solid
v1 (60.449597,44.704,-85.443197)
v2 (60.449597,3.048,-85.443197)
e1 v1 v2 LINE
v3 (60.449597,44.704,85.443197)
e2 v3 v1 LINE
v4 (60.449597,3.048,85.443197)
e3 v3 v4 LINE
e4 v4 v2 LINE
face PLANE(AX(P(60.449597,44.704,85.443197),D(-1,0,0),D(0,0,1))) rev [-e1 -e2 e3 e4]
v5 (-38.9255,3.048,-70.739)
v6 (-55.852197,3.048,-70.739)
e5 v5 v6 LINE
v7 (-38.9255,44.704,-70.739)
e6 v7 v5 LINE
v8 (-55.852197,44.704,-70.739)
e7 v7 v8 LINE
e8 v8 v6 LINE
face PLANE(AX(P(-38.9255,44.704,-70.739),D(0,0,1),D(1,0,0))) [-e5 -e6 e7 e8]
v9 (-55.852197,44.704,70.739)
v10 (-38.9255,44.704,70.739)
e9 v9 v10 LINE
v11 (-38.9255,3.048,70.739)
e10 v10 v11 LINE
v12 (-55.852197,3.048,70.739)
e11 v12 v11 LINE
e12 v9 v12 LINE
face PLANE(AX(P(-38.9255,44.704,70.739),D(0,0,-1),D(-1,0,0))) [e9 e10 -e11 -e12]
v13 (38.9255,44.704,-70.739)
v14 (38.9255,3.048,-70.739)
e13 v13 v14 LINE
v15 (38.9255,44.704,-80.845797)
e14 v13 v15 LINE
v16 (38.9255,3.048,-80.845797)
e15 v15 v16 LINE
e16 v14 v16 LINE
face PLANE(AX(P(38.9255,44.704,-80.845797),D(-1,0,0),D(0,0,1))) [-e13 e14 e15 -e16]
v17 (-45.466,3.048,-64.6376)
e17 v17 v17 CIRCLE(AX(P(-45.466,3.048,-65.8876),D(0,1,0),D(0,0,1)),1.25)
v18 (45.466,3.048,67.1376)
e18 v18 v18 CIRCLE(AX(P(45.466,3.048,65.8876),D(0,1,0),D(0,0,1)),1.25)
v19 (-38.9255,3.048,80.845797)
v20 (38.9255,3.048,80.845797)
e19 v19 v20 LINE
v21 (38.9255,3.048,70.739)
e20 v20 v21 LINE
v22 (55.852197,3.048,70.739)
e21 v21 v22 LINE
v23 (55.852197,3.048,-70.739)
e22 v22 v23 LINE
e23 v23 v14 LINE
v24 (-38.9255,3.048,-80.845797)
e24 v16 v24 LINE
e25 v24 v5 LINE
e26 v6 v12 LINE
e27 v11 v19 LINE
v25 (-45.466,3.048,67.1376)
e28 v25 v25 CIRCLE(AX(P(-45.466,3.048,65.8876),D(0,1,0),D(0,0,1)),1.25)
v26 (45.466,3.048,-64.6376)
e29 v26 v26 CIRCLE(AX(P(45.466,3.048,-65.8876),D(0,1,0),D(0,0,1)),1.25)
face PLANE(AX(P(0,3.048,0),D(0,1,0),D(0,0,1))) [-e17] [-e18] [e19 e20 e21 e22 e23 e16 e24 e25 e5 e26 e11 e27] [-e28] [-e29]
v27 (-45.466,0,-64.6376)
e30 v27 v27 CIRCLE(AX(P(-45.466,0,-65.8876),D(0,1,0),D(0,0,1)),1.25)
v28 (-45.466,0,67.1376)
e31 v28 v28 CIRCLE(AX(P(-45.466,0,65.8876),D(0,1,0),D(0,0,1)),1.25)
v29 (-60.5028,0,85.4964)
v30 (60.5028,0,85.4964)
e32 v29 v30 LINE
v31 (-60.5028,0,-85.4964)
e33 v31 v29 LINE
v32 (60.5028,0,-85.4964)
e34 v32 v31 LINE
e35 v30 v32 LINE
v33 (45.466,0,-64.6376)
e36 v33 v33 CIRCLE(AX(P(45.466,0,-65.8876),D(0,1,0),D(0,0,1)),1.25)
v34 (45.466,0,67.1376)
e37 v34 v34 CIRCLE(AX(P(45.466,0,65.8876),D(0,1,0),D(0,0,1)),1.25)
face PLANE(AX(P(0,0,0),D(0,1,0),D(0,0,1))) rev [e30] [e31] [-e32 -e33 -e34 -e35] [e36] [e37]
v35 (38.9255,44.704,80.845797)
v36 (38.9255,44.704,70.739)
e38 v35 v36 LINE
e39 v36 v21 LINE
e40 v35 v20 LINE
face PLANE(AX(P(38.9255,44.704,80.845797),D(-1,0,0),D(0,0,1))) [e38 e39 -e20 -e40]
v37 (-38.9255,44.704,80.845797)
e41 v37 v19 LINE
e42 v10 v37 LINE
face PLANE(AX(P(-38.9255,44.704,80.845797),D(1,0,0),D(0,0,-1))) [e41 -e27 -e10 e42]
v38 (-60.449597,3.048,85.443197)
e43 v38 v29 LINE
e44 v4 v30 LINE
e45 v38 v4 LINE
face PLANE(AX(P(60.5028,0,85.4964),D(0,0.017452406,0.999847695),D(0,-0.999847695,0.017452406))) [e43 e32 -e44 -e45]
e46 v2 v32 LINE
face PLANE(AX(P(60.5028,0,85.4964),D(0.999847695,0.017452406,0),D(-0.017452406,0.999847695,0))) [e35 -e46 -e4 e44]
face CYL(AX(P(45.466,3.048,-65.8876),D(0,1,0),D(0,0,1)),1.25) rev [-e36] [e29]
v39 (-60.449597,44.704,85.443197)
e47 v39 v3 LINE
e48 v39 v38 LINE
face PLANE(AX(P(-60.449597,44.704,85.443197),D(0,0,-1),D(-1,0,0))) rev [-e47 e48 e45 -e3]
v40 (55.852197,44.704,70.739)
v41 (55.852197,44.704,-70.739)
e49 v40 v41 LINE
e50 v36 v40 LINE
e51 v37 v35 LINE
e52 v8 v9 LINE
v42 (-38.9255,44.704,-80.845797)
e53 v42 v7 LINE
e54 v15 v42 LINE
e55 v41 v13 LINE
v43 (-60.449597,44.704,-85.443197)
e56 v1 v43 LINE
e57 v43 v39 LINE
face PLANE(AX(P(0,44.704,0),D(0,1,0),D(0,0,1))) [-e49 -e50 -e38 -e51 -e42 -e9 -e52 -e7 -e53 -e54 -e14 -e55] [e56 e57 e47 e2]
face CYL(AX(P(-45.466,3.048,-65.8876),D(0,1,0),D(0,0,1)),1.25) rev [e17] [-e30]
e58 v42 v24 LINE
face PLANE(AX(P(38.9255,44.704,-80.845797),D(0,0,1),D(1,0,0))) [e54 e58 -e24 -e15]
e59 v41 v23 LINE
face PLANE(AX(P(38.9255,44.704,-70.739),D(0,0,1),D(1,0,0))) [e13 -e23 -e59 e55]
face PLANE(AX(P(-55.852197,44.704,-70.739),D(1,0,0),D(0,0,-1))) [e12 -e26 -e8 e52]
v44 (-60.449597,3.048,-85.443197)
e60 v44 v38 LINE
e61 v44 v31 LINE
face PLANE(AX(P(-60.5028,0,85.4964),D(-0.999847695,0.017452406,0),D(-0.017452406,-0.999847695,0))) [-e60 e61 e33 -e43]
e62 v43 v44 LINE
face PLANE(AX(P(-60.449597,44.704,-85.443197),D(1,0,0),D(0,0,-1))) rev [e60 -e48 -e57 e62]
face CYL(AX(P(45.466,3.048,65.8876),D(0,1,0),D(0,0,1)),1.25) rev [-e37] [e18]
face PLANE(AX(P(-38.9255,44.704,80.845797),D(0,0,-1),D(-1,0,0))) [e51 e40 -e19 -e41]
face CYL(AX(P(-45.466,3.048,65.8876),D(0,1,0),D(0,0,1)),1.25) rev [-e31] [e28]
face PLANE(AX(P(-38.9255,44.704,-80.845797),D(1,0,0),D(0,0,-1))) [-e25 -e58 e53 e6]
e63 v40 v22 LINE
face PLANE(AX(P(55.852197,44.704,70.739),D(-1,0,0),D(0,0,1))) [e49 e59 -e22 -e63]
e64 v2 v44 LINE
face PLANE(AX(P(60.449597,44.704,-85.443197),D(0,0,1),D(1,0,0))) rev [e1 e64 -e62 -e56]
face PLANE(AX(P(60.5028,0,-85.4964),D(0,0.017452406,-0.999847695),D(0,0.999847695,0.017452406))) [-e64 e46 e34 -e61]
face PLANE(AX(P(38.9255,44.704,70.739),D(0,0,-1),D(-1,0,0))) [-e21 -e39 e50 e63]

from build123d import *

# Parameters (mm, degrees)
SKETCH1_W             = 121.0056
SKETCH1_H             = 170.9928
BOSS_EXTRUDE1_DEPTH   = 3.048
BOSS_EXTRUDE1_TAPER   = 1
SKETCH2_W             = 120.899193924
SKETCH2_H             = 170.886393924
BOSS_EXTRUDE2_DEPTH   = 41.656
M3_TAPPED_HOLE1_D     = 2.5
M3_TAPPED_HOLE1_DEPTH = 4.7752
M3_TAPPED_HOLE1_TIP   = 0.751075774


with BuildPart() as part:
    # Sketch1 → Boss-Extrude1 (new body)
    with BuildSketch(Plane(origin=(0, 0, 0), x_dir=(1, 0, 0), z_dir=(0, 1, 0))):
        Rectangle(SKETCH1_W, SKETCH1_H)
    extrude(amount=BOSS_EXTRUDE1_DEPTH, taper=BOSS_EXTRUDE1_TAPER)

    # Sketch2 → Boss-Extrude2 (add)
    with BuildSketch(Plane(origin=(0, 3.048, 0), x_dir=(1, 0, 0), z_dir=(0, 1, 0))):
        Rectangle(SKETCH2_W, SKETCH2_H)
        Polygon((-55.852196962, 70.739), (-55.852196962, -70.739), (-38.9255, -70.739), (-38.9255, -80.845796962), (38.9255, -80.845796962), (38.9255, -70.739), (55.852196962, -70.739), (55.852196962, 70.739), (38.9255, 70.739), (38.9255, 80.845796962), (-38.9255, 80.845796962), (-38.9255, 70.739), align=None, mode=Mode.SUBTRACT)
    extrude(amount=BOSS_EXTRUDE2_DEPTH)

    # M3 Tapped Hole1
    with Locations(Plane(origin=(0, 3.048, 0), x_dir=(1, 0, 0), z_dir=(0, 1, 0))):
        with Locations((-45.466, 65.8876), (45.466, -65.8876), (45.466, 65.8876), (-45.466, -65.8876)):
            Hole(M3_TAPPED_HOLE1_D / 2, depth=M3_TAPPED_HOLE1_DEPTH)
            with Locations((0, 0, -(M3_TAPPED_HOLE1_DEPTH + M3_TAPPED_HOLE1_TIP / 2))):  # 118° drill point
                Cone(0, M3_TAPPED_HOLE1_D / 2, M3_TAPPED_HOLE1_TIP, mode=Mode.SUBTRACT)


solid = part.part
